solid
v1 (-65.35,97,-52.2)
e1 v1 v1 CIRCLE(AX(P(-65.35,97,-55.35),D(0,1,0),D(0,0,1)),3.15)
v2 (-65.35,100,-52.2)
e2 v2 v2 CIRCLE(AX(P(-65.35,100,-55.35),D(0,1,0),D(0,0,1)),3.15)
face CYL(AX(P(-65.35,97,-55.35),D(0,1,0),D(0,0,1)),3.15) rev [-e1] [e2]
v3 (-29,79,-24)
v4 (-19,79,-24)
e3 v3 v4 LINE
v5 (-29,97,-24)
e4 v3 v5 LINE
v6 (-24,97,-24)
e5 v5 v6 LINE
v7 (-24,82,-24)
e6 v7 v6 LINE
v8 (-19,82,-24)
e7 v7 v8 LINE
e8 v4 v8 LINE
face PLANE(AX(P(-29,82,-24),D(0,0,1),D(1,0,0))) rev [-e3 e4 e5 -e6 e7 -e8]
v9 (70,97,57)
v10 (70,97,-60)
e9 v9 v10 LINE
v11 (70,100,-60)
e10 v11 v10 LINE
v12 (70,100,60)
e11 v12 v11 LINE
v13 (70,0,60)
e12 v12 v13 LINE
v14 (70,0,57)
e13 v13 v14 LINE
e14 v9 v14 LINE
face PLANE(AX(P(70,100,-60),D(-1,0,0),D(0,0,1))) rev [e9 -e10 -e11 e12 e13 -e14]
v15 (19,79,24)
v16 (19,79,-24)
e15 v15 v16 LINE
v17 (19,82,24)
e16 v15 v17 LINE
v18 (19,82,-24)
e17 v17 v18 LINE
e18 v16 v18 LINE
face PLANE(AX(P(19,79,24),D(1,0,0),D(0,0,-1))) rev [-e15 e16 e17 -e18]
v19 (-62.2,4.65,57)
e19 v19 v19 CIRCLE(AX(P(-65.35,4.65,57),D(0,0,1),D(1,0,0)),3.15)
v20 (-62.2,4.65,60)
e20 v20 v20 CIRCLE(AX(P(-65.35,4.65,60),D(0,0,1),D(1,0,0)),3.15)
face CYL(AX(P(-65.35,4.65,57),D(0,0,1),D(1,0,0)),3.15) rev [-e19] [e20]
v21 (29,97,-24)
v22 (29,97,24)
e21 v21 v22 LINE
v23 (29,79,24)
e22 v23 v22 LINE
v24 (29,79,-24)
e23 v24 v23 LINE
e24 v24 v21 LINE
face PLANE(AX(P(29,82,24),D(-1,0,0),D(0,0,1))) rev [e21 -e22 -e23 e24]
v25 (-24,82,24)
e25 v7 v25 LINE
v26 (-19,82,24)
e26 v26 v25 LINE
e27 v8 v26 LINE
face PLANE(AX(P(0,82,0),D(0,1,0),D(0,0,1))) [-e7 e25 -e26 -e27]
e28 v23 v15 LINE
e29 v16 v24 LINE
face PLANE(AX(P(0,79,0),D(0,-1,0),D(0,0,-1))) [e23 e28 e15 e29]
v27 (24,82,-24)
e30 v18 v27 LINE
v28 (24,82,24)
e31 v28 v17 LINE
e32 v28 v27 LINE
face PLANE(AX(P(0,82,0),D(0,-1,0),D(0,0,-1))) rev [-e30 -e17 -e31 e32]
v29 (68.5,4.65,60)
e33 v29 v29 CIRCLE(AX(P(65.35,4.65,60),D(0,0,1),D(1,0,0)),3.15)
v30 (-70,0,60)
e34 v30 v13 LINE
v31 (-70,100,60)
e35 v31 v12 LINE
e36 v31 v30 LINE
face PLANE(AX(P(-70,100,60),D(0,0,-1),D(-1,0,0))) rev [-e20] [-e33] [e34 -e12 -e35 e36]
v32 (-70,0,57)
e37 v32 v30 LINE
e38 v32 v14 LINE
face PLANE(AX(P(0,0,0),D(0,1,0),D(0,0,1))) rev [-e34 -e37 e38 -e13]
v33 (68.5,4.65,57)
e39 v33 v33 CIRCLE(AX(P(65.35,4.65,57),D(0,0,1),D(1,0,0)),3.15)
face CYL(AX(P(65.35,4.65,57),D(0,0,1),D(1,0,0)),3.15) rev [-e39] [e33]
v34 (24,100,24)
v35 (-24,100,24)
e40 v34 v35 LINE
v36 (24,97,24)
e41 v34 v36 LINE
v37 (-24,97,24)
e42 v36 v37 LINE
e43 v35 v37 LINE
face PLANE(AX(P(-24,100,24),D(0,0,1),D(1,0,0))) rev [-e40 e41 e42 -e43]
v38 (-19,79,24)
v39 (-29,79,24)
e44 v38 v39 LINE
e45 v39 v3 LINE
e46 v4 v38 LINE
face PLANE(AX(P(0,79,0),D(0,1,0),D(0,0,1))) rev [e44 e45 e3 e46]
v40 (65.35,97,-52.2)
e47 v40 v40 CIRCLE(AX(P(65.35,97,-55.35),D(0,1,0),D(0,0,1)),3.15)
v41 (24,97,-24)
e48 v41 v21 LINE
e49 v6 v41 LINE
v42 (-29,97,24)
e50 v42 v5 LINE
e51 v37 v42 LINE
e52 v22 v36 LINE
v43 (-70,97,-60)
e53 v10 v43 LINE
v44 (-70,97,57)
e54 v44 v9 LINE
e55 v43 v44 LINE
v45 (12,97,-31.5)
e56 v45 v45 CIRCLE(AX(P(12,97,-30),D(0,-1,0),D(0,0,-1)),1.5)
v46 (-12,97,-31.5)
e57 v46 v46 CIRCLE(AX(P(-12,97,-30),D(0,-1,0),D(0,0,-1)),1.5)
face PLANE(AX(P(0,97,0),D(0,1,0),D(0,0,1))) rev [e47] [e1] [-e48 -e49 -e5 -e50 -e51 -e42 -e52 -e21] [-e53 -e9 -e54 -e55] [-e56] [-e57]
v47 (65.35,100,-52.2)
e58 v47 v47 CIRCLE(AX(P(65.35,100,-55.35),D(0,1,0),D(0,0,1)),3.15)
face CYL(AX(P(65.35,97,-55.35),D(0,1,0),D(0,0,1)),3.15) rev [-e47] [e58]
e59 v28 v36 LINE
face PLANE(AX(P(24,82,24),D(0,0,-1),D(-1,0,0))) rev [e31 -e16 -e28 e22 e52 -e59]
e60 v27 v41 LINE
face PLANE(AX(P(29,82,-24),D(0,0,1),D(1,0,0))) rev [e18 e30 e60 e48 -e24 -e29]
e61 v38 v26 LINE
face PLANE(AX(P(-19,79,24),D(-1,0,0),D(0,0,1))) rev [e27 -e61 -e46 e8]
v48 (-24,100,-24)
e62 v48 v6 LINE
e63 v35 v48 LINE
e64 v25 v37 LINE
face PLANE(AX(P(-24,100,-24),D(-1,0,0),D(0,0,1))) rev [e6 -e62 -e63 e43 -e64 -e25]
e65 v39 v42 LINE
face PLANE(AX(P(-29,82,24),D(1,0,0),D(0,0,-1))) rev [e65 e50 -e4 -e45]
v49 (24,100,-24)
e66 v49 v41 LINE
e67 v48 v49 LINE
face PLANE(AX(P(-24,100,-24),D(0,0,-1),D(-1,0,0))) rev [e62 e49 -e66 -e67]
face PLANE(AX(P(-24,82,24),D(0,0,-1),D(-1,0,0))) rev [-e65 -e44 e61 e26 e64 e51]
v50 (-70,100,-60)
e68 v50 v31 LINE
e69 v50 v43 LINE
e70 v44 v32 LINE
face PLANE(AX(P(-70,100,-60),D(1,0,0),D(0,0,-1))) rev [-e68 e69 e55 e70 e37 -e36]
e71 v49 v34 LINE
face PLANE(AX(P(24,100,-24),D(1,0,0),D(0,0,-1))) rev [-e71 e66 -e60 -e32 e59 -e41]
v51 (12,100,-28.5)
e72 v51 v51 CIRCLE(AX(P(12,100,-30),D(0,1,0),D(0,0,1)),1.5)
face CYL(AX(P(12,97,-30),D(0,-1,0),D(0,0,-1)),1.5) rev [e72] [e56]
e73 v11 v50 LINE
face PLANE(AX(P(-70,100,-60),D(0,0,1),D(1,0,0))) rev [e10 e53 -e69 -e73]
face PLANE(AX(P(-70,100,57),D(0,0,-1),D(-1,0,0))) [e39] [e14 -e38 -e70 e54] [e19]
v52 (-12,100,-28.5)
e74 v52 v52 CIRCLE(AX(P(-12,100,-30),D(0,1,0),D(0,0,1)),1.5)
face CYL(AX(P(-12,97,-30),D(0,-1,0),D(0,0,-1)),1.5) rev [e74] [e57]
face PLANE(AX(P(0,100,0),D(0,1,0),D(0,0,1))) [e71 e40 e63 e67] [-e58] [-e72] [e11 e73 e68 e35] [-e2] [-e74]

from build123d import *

# Parameters (mm, degrees)
SKETCH1_W                 = 140
SKETCH1_H                 = 120
BOSS_EXTRUDE1_DEPTH       = 100
SHELL1_T                  = -3
SKETCH6_R                 = 3.15
CUT_EXTRUDE4_DEPTH        = 3
SKETCH7_R                 = 3.15
CUT_EXTRUDE5_DEPTH        = 3
SKETCH8_W                 = 48
SKETCH8_H                 = 48
CUT_EXTRUDE6_DEPTH        = 3
SKETCH9_W                 = 5
SKETCH9_H                 = 48
BOSS_EXTRUDE2_DEPTH       = 15
SKETCH10_W                = 10
SKETCH10_H                = 48
BOSS_EXTRUDE3_DEPTH       = 3
F_3_0MM_DOWEL_HOLE1_D     = 3
F_3_0MM_DOWEL_HOLE1_DEPTH = 5
F_3_0MM_DOWEL_HOLE1_TIP   = 0.901290929


with BuildPart() as part:
    # Sketch1 → Boss-Extrude1 (new body)
    with BuildSketch(Plane(origin=(0, 0, 0), x_dir=(1, 0, 0), z_dir=(0, 1, 0))):
        Rectangle(SKETCH1_W, SKETCH1_H)
    extrude(amount=BOSS_EXTRUDE1_DEPTH)

    # Shell1
    shell1_openings = [part.faces().sort_by_distance(p)[0] for p in [
        (0, 0, 0),
        (-70, 50, 0),
        (0, 50, -60),
        (70, 50, 0),
    ]]
    offset(amount=SHELL1_T, openings=shell1_openings, kind=Kind.INTERSECTION)

    # Sketch6 → Cut-Extrude4 (cut)
    with BuildSketch(Plane.XY.offset(60)):
        with Locations((-65.35, 4.65)):
            Circle(SKETCH6_R)
        with Locations((65.35, 4.65)):
            Circle(SKETCH6_R)
    extrude(amount=-CUT_EXTRUDE4_DEPTH, mode=Mode.SUBTRACT)

    # Sketch7 → Cut-Extrude5 (cut)
    with BuildSketch(Plane(origin=(0, 100, 0), x_dir=(1, 0, 0), z_dir=(0, 1, 0))):
        with Locations(Location((-65.35, 55.35, 0), (0, 0, 270))):
            Circle(SKETCH7_R)
        with Locations(Location((65.35, 55.35, 0), (0, 0, 270))):
            Circle(SKETCH7_R)
    extrude(amount=-CUT_EXTRUDE5_DEPTH, mode=Mode.SUBTRACT)

    # Sketch8 → Cut-Extrude6 (cut)
    with BuildSketch(Plane.XZ.offset(-97)):
        Rectangle(SKETCH8_W, SKETCH8_H)
    extrude(amount=-CUT_EXTRUDE6_DEPTH, mode=Mode.SUBTRACT)

    # Sketch9 → Boss-Extrude2 (add)
    with BuildSketch(Plane.XZ.offset(-97)):
        with Locations((26.5, 0)):
            Rectangle(SKETCH9_W, SKETCH9_H)
        with Locations((-26.5, 0)):
            Rectangle(SKETCH9_W, SKETCH9_H)
    extrude(amount=BOSS_EXTRUDE2_DEPTH)

    # Sketch10 → Boss-Extrude3 (add)
    with BuildSketch(Plane.XZ.offset(-82)):
        with Locations((24, 0)):
            Rectangle(SKETCH10_W, SKETCH10_H)
        with Locations((-24, 0)):
            Rectangle(SKETCH10_W, SKETCH10_H)
    extrude(amount=BOSS_EXTRUDE3_DEPTH)

    # Ø3.0mm Dowel Hole1
    with Locations(Plane(origin=(0, 97, 0), x_dir=(-1, 0, 0), z_dir=(0, -1, 0))):
        with Locations((12, 30), (-12, 30)):
            Hole(F_3_0MM_DOWEL_HOLE1_D / 2, depth=F_3_0MM_DOWEL_HOLE1_DEPTH)
            with Locations((0, 0, -(F_3_0MM_DOWEL_HOLE1_DEPTH + F_3_0MM_DOWEL_HOLE1_TIP / 2))):  # 118° drill point
                Cone(0, F_3_0MM_DOWEL_HOLE1_D / 2, F_3_0MM_DOWEL_HOLE1_TIP, mode=Mode.SUBTRACT)


solid = part.part
